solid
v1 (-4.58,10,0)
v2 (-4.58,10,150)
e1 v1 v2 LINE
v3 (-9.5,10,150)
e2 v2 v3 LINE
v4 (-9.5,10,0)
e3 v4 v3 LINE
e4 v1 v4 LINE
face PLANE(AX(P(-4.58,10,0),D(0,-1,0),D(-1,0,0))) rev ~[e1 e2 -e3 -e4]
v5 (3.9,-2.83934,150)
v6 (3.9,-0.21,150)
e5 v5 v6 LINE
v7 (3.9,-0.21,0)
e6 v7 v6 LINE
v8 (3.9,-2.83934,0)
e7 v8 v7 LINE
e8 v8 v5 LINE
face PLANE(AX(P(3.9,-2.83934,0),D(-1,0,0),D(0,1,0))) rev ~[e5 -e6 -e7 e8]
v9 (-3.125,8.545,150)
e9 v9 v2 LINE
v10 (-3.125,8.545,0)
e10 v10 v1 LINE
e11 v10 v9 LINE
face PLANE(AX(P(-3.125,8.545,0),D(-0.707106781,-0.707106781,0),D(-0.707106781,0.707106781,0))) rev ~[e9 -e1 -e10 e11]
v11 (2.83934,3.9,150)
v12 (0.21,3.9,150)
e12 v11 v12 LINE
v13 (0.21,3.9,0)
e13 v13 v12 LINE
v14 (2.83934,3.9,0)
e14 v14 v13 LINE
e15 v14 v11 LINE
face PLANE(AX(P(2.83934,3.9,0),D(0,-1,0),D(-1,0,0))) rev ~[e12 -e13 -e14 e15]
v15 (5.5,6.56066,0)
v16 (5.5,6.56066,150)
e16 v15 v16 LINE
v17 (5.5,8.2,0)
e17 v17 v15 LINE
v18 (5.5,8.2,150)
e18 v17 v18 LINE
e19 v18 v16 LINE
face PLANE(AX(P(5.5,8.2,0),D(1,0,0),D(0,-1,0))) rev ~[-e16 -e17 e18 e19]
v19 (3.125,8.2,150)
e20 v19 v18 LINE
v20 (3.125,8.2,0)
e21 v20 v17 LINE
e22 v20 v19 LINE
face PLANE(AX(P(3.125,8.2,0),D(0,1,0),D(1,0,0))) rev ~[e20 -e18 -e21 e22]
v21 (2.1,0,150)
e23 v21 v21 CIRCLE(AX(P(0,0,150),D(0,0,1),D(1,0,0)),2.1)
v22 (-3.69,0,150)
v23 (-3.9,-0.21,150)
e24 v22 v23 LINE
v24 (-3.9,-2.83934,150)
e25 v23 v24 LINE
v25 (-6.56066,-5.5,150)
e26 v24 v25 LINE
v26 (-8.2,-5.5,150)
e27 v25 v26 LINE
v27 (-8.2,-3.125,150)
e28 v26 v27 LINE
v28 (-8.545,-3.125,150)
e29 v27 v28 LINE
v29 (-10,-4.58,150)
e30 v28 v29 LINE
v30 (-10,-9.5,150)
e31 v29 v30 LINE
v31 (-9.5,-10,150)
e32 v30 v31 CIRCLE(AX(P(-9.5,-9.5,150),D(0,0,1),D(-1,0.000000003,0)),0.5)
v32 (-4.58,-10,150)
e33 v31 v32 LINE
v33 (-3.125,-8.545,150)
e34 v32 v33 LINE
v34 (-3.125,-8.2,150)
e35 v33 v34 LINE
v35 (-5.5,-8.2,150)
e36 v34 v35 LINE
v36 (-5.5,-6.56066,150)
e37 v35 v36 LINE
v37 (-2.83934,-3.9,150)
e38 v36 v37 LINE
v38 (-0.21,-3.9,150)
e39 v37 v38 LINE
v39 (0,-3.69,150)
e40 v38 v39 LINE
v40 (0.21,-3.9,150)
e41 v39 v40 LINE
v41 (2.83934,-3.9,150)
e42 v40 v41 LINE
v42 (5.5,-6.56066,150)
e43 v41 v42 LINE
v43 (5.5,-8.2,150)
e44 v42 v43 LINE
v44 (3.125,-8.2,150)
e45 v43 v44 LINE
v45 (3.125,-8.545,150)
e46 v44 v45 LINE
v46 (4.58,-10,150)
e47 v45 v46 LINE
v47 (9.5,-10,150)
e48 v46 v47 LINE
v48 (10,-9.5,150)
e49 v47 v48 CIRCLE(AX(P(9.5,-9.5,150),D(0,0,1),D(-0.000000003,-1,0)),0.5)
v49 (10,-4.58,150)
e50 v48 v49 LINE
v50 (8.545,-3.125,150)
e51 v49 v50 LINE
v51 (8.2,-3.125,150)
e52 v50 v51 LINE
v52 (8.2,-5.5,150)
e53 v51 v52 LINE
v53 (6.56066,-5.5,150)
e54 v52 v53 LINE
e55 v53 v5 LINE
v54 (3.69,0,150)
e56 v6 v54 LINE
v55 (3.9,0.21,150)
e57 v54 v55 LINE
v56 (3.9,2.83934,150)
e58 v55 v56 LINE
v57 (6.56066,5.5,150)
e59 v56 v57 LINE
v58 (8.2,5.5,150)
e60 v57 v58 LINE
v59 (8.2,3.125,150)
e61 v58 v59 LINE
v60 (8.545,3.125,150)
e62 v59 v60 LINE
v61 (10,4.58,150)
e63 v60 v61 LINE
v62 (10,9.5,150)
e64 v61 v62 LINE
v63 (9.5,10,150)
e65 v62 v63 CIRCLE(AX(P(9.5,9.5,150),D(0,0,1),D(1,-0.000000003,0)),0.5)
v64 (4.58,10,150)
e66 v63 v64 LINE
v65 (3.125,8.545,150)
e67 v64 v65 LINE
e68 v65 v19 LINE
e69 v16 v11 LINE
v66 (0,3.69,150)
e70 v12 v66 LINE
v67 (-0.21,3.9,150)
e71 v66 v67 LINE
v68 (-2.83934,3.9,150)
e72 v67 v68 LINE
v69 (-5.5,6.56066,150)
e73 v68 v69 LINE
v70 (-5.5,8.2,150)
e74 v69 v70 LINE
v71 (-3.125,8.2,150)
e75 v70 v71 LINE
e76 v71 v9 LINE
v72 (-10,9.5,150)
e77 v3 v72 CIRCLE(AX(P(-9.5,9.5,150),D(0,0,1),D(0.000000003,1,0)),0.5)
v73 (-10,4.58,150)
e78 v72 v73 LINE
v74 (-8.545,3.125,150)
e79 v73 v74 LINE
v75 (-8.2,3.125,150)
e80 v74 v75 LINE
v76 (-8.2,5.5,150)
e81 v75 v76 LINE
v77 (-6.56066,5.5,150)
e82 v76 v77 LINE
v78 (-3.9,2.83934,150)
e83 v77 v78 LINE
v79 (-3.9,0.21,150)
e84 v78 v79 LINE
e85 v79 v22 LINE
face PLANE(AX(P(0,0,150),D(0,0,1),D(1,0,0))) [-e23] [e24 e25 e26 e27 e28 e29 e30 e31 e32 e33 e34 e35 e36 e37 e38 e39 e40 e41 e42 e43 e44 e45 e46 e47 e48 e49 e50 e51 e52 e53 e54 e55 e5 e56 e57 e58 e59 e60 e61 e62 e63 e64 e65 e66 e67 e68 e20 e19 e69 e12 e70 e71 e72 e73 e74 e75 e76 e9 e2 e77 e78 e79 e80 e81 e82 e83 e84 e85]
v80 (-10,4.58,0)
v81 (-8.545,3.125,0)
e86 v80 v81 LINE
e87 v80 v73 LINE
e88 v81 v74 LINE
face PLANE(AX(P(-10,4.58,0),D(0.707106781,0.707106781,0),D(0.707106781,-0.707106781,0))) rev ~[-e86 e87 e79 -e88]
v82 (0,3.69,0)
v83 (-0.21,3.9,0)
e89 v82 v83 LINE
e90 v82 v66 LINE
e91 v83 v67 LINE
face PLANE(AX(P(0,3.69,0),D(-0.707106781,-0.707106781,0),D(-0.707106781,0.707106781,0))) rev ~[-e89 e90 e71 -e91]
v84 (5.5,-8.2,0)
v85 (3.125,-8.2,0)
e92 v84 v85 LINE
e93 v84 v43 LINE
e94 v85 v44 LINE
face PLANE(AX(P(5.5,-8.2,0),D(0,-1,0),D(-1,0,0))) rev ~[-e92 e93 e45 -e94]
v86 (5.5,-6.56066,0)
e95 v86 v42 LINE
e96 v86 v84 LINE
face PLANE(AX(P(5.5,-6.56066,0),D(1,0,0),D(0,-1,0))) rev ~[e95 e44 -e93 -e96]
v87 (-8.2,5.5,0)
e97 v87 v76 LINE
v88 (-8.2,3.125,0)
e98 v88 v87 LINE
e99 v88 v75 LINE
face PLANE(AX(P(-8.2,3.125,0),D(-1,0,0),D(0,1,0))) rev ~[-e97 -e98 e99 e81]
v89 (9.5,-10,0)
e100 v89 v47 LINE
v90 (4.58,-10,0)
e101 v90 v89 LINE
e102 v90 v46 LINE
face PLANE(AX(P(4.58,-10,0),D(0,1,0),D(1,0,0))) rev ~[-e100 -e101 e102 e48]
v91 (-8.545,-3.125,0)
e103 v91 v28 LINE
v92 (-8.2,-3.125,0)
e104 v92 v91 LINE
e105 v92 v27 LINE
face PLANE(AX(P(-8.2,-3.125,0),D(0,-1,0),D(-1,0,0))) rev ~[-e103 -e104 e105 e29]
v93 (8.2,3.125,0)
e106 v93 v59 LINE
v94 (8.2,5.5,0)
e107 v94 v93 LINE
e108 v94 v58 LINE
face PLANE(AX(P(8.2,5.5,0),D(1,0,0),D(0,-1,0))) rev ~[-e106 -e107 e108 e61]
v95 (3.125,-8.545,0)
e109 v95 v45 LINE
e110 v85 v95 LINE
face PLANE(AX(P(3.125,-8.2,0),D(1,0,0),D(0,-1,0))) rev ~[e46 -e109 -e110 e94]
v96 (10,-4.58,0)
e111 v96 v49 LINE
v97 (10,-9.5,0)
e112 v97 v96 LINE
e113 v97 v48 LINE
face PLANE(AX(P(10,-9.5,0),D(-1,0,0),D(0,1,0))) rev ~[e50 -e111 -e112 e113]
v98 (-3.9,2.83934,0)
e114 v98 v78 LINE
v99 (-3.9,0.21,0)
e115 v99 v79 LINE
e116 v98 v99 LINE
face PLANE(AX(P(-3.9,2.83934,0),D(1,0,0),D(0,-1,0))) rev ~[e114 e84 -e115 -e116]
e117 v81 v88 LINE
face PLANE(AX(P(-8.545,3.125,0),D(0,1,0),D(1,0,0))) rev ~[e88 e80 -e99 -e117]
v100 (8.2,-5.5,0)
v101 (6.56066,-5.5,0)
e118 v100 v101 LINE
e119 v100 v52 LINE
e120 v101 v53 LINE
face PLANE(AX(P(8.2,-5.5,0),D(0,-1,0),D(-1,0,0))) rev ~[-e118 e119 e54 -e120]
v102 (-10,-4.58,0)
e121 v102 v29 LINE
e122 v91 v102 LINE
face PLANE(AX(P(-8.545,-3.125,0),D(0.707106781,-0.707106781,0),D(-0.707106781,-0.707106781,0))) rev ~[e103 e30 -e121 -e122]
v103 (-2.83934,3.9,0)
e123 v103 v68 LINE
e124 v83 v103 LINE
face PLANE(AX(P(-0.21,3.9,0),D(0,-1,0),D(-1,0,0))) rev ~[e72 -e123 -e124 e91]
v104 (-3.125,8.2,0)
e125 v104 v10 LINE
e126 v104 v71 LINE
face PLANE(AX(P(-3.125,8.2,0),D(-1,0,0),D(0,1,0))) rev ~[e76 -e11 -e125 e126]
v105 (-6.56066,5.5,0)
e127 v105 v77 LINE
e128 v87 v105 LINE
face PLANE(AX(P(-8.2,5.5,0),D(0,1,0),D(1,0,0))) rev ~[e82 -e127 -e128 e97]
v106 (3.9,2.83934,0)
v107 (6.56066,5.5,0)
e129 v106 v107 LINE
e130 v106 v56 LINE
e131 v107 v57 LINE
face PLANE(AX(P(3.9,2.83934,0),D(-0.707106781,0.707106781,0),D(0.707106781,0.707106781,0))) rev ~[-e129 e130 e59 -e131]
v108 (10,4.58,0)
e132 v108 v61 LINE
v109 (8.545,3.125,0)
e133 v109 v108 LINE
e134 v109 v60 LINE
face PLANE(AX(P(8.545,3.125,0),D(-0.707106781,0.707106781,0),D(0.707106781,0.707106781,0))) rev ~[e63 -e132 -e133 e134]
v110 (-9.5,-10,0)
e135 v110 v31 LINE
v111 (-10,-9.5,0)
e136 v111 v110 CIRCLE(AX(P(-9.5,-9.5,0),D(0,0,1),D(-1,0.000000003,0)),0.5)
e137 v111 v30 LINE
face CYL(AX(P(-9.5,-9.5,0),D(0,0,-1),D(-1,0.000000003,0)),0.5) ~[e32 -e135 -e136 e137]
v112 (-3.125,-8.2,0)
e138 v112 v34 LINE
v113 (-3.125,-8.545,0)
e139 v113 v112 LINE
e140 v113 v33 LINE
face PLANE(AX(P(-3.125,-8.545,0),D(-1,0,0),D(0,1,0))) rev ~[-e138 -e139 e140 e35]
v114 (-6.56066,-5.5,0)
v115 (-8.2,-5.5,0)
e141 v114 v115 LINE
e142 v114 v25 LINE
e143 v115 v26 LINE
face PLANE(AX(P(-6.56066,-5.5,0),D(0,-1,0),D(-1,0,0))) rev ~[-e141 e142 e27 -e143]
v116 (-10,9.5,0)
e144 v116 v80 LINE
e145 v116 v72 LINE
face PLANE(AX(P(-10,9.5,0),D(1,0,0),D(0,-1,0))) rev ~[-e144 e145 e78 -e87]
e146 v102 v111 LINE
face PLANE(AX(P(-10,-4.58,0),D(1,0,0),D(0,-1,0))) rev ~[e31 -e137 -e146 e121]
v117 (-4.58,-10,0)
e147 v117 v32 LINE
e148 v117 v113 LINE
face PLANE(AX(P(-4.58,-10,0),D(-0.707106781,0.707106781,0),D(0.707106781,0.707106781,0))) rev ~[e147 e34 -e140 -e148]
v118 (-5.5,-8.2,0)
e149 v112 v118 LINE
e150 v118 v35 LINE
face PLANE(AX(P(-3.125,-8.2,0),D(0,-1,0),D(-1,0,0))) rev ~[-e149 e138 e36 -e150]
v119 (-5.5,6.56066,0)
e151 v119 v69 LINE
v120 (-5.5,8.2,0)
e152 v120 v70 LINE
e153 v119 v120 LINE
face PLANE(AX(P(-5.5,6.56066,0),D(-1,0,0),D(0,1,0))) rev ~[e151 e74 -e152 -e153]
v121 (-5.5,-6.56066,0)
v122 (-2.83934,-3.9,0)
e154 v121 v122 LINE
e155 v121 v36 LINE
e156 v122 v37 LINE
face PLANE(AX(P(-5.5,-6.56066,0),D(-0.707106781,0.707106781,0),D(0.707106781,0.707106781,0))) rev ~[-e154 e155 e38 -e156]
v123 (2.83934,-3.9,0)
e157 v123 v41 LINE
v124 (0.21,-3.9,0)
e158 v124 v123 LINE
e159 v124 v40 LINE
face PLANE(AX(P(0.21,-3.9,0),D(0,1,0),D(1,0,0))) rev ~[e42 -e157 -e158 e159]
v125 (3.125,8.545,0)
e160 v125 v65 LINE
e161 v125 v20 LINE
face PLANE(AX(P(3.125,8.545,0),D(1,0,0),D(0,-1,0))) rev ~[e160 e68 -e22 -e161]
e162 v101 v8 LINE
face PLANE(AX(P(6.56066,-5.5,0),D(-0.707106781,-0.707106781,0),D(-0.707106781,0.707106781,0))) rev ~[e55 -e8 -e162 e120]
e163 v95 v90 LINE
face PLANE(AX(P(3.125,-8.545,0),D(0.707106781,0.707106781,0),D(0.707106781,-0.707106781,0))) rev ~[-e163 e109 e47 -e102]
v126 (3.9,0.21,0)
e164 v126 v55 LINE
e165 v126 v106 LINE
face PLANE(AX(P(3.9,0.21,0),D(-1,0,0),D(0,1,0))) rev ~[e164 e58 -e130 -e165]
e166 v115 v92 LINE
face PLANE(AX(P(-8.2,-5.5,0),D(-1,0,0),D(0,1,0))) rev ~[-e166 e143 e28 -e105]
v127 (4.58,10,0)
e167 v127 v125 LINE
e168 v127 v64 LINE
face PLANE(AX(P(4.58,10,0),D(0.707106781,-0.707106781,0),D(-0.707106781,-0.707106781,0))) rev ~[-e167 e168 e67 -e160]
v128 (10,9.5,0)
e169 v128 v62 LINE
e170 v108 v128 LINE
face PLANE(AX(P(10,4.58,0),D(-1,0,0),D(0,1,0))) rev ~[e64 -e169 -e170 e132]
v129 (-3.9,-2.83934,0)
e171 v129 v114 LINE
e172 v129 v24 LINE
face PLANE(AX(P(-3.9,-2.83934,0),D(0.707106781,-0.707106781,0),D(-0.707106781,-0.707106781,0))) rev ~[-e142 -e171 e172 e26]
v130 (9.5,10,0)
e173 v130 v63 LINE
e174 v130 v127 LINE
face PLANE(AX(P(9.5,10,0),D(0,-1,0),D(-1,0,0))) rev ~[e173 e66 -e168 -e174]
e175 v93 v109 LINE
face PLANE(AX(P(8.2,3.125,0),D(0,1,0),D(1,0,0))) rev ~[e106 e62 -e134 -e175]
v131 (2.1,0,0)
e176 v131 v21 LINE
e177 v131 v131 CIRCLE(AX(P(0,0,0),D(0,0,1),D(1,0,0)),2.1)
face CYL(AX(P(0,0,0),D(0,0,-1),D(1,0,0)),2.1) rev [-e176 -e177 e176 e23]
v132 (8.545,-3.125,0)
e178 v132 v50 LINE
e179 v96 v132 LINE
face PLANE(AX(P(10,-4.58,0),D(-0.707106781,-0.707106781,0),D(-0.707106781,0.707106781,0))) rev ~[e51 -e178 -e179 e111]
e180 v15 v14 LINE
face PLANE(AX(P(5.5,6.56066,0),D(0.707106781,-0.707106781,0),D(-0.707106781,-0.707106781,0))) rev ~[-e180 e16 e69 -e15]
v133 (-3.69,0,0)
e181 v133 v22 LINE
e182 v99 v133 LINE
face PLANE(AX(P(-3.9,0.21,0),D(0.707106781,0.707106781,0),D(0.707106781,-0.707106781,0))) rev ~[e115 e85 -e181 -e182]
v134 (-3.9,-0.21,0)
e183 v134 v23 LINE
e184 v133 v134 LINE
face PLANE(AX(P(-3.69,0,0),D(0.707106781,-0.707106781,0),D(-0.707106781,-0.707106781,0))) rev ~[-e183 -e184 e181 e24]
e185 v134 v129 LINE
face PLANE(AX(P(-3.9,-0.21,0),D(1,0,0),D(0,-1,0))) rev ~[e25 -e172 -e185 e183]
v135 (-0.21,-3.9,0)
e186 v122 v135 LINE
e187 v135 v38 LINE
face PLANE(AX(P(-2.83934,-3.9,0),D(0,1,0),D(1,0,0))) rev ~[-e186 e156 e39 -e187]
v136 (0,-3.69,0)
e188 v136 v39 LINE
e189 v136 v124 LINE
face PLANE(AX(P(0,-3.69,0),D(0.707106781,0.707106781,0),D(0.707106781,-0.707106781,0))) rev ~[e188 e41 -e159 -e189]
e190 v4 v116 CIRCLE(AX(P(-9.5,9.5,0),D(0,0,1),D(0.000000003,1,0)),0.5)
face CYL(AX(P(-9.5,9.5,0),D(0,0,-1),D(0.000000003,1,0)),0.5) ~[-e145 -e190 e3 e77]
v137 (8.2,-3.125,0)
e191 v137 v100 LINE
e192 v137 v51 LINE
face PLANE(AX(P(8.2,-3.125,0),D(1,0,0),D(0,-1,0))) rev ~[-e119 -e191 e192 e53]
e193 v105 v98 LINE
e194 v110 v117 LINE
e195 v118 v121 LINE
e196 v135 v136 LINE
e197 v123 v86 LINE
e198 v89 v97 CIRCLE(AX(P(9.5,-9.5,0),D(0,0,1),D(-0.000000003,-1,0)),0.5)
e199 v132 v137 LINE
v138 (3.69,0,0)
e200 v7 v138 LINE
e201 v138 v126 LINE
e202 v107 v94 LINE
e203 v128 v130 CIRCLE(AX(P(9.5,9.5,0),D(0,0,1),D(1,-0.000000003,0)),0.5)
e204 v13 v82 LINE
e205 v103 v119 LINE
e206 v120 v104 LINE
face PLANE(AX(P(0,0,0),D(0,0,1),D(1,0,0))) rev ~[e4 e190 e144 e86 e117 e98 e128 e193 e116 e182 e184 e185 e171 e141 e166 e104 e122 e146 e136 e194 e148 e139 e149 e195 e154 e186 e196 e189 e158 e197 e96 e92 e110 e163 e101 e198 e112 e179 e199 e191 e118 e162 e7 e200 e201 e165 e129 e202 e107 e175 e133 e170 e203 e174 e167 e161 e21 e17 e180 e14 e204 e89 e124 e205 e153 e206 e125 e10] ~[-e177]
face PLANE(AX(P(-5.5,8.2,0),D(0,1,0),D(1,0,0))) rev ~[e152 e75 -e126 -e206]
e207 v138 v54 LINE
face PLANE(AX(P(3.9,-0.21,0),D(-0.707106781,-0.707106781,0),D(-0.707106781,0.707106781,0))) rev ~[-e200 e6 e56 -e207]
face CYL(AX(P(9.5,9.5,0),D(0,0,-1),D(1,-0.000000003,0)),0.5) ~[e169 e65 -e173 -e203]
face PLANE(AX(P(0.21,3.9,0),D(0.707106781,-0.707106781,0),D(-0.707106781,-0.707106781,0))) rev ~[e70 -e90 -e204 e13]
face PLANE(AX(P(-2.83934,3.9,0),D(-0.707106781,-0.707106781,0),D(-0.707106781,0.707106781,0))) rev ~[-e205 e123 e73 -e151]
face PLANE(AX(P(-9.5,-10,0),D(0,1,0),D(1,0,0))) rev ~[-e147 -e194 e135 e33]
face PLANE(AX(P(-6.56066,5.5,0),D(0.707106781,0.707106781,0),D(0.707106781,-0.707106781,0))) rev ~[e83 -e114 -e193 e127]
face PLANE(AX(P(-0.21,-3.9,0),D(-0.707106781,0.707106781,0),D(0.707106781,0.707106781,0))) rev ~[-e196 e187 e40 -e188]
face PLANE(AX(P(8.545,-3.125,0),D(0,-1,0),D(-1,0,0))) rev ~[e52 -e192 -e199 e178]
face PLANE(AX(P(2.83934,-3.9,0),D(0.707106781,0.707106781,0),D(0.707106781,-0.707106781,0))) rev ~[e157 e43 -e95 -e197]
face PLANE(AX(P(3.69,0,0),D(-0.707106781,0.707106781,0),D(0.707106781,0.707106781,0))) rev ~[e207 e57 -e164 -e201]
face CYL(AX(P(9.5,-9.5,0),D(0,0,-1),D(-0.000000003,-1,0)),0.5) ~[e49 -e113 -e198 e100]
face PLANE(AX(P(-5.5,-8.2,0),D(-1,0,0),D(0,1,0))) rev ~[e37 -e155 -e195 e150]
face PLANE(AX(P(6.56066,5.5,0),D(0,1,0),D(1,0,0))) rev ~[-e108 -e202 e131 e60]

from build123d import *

# Parameters (mm, degrees)
SKETCH1_R           = 2.1
BOSS_EXTRUDE1_DEPTH = 150


with BuildPart() as part:
    # Sketch1 → Boss-Extrude1 (new body)
    with BuildSketch(Plane.XY):
        with BuildLine():
            Line((4.58, -10), (9.5, -10))
            ThreePointArc((9.5, -10), (9.853553391, -9.853553391), (10, -9.5))
            Line((10, -9.5), (10, -4.58))
            Line((10, -4.58), (8.545, -3.125))
            Line((8.545, -3.125), (8.2, -3.125))
            Line((8.2, -3.125), (8.2, -5.5))
            Line((8.2, -5.5), (6.560660172, -5.5))
            Line((6.560660172, -5.5), (3.9, -2.839339828))
            Line((3.9, -2.839339828), (3.9, -0.21))
            Line((3.9, -0.21), (3.69, 0))
            Line((3.69, 0), (3.9, 0.21))
            Line((3.9, 0.21), (3.9, 2.839339828))
            Line((3.9, 2.839339828), (6.560660172, 5.5))
            Line((6.560660172, 5.5), (8.2, 5.5))
            Line((8.2, 5.5), (8.2, 3.125))
            Line((8.2, 3.125), (8.545, 3.125))
            Line((8.545, 3.125), (10, 4.58))
            Line((10, 4.58), (10, 9.5))
            ThreePointArc((10, 9.5), (9.853553391, 9.853553391), (9.5, 10))
            Line((9.5, 10), (4.58, 10))
            Line((4.58, 10), (3.125, 8.545))
            Line((3.125, 8.545), (3.125, 8.2))
            Line((3.125, 8.2), (5.5, 8.2))
            Line((5.5, 8.2), (5.5, 6.560660172))
            Line((5.5, 6.560660172), (2.839339828, 3.9))
            Line((2.839339828, 3.9), (0.21, 3.9))
            Line((0.21, 3.9), (0, 3.69))
            Line((0, 3.69), (-0.21, 3.9))
            Line((-0.21, 3.9), (-2.839339828, 3.9))
            Line((-2.839339828, 3.9), (-5.5, 6.560660172))
            Line((-5.5, 6.560660172), (-5.5, 8.2))
            Line((-5.5, 8.2), (-3.125, 8.2))
            Line((-3.125, 8.2), (-3.125, 8.545))
            Line((-3.125, 8.545), (-4.58, 10))
            Line((-4.58, 10), (-9.5, 10))
            ThreePointArc((-9.5, 10), (-9.853553391, 9.853553391), (-10, 9.5))
            Line((-10, 9.5), (-10, 4.58))
            Line((-10, 4.58), (-8.545, 3.125))
            Line((-8.545, 3.125), (-8.2, 3.125))
            Line((-8.2, 3.125), (-8.2, 5.5))
            Line((-8.2, 5.5), (-6.560660172, 5.5))
            Line((-6.560660172, 5.5), (-3.9, 2.839339828))
            Line((-3.9, 2.839339828), (-3.9, 0.21))
            Line((-3.9, 0.21), (-3.69, 0))
            Line((-3.69, 0), (-3.9, -0.21))
            Line((-3.9, -0.21), (-3.9, -2.839339828))
            Line((-3.9, -2.839339828), (-6.560660172, -5.5))
            Line((-6.560660172, -5.5), (-8.2, -5.5))
            Line((-8.2, -5.5), (-8.2, -3.125))
            Line((-8.2, -3.125), (-8.545, -3.125))
            Line((-8.545, -3.125), (-10, -4.58))
            Line((-10, -4.58), (-10, -9.5))
            ThreePointArc((-10, -9.5), (-9.853553391, -9.853553391), (-9.5, -10))
            Line((-9.5, -10), (-4.58, -10))
            Line((-4.58, -10), (-3.125, -8.545))
            Line((-3.125, -8.545), (-3.125, -8.2))
            Line((-3.125, -8.2), (-5.5, -8.2))
            Line((-5.5, -8.2), (-5.5, -6.560660172))
            Line((-5.5, -6.560660172), (-2.839339828, -3.9))
            Line((-2.839339828, -3.9), (-0.21, -3.9))
            Line((-0.21, -3.9), (0, -3.69))
            Line((0, -3.69), (0.21, -3.9))
            Line((0.21, -3.9), (2.839339828, -3.9))
            Line((2.839339828, -3.9), (5.5, -6.560660172))
            Line((5.5, -6.560660172), (5.5, -8.2))
            Line((5.5, -8.2), (3.125, -8.2))
            Line((3.125, -8.2), (3.125, -8.545))
            Line((3.125, -8.545), (4.58, -10))
        make_face()
        Circle(SKETCH1_R, mode=Mode.SUBTRACT)
    extrude(amount=BOSS_EXTRUDE1_DEPTH)


solid = part.part
